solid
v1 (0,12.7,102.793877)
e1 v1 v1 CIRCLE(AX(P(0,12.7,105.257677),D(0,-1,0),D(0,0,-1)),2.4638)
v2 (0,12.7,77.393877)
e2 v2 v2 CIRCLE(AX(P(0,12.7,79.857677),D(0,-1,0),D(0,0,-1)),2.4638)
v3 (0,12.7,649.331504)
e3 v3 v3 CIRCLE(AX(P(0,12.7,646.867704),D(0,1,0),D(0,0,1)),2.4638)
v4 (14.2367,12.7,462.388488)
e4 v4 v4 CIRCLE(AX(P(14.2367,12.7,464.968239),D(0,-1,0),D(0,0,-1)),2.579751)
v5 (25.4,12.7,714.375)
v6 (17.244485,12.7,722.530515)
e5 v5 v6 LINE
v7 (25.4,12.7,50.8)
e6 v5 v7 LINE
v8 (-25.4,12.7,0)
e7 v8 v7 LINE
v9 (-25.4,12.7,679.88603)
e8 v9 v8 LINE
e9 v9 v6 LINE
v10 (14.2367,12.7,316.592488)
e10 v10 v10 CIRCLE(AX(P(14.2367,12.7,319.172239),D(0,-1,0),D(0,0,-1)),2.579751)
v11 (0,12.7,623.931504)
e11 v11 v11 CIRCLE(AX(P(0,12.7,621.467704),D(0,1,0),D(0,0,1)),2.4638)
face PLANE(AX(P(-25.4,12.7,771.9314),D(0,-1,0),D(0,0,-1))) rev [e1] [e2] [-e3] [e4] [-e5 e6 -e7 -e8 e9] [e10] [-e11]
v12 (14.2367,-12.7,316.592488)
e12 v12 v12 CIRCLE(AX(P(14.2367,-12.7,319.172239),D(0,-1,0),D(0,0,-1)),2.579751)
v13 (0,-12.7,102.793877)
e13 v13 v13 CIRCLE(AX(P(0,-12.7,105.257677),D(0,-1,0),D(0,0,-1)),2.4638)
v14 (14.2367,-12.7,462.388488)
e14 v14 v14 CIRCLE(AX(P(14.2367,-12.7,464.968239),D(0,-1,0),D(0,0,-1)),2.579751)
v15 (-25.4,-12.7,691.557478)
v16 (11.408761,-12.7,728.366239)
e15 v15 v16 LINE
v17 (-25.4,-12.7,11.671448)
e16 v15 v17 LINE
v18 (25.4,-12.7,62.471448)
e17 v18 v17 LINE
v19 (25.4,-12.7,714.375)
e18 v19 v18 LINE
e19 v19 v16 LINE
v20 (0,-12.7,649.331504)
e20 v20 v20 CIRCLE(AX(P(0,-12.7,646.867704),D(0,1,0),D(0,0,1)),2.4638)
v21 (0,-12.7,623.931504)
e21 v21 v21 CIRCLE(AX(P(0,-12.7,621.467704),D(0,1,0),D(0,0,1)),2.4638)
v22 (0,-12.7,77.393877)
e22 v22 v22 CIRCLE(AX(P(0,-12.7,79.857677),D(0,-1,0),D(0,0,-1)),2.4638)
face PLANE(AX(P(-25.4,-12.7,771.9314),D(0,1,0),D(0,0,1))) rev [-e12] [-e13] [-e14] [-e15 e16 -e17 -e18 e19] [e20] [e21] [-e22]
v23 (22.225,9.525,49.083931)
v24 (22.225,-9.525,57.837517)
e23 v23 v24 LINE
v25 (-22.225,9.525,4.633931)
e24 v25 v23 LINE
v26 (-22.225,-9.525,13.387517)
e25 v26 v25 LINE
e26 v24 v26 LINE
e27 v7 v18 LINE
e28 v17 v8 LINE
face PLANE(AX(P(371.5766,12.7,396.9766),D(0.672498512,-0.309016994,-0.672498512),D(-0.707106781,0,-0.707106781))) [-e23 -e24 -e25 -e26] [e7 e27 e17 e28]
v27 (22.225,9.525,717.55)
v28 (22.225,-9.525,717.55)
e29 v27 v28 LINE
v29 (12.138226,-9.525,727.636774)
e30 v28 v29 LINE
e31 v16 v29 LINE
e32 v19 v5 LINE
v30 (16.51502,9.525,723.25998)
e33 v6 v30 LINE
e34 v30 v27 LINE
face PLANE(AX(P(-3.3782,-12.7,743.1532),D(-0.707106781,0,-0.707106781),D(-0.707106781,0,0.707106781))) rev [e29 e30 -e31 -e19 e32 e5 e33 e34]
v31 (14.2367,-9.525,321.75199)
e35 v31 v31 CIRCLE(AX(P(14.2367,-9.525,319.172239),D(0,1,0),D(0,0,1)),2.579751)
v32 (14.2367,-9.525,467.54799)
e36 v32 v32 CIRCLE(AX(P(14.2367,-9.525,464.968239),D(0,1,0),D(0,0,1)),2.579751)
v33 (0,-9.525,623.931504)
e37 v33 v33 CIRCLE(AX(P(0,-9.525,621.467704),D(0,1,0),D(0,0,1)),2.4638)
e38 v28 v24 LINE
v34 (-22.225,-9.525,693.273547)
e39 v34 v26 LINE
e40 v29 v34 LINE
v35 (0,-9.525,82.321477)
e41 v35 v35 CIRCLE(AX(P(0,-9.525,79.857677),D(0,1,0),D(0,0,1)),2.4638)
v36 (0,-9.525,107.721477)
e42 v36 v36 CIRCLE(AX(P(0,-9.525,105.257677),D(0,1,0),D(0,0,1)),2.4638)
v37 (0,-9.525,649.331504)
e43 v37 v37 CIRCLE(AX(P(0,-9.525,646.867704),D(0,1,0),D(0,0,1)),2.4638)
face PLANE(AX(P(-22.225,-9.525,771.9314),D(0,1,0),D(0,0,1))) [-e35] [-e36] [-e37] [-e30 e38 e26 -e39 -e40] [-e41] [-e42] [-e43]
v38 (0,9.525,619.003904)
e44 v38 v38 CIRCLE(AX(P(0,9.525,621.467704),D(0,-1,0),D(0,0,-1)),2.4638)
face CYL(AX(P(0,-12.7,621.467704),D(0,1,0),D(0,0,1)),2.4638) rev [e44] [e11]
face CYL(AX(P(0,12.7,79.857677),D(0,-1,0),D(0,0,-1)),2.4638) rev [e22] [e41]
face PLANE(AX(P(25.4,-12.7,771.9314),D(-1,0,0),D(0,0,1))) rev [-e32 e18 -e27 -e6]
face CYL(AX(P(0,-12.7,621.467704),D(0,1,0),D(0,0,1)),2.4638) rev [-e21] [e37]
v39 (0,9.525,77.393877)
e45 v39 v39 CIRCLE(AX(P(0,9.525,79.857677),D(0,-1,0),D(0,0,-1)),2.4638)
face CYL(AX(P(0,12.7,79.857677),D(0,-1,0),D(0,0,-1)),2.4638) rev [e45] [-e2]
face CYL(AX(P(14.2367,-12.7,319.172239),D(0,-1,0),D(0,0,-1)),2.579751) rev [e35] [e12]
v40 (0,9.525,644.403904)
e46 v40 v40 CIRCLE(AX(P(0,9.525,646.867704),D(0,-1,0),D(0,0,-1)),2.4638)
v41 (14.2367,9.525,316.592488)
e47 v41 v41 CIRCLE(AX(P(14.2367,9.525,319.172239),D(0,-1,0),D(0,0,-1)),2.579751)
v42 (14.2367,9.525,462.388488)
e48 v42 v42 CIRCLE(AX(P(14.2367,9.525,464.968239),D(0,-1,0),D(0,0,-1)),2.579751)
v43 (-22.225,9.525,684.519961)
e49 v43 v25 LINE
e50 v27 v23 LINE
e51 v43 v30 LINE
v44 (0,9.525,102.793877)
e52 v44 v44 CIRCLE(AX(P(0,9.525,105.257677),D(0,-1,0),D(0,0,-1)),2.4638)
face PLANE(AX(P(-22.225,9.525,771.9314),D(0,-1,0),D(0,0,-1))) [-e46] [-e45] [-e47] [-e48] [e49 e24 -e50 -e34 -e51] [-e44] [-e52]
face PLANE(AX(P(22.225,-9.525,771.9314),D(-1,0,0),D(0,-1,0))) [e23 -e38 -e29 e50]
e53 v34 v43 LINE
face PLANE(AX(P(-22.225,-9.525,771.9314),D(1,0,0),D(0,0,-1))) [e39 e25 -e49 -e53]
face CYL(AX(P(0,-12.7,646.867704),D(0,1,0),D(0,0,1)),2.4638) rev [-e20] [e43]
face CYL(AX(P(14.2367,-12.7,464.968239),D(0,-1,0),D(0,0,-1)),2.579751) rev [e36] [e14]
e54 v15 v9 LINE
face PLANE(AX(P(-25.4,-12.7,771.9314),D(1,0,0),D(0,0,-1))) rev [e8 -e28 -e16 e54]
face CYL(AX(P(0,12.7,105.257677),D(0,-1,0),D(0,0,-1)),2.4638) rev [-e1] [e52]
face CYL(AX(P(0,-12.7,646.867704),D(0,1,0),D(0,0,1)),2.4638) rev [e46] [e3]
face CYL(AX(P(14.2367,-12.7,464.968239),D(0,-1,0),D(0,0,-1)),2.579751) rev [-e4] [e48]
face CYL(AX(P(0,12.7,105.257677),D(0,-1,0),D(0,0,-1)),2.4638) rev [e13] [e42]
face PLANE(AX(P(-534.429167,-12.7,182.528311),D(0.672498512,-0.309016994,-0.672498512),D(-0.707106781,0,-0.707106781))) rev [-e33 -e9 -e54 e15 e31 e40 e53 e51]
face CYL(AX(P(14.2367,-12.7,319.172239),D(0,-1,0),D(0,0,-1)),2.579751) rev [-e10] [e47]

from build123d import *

# Parameters (mm, degrees)
SKETCH1_W                        = 50.8
SKETCH1_H                        = 25.4
SKETCH1_W_2                      = 44.45
SKETCH1_H_2                      = 19.05
BOSS_EXTRUDE1_DEPTH              = 771.9314
CUT_EXTRUDE1_DEPTH               = 771.9314
CUT_EXTRUDE2_DEPTH               = 773.76672179
CUT_EXTRUDE3_DEPTH               = 757.919388013
CUT_EXTRUDE5_DEPTH               = 771.9314
SKETCH7_R                        = 2.4638
CUT_EXTRUDE6_DEPTH               = 730.251464289
SKETCH8_R                        = 2.4638
CUT_EXTRUDE7_DEPTH               = 730.251464289
F_13_64_0_20313_DIAMETER_HOLE1_D = 5.159502


with BuildPart() as part:
    # Sketch1 → Boss-Extrude1 (new body)
    with BuildSketch(Plane.XY):
        Rectangle(SKETCH1_W, SKETCH1_H)
        Rectangle(SKETCH1_W_2, SKETCH1_H_2, mode=Mode.SUBTRACT)
    extrude(amount=BOSS_EXTRUDE1_DEPTH)

    # Sketch2 → Cut-Extrude1 (cut)
    with BuildSketch(Plane(origin=(0, 12.7, 0), x_dir=(1, 0, 0), z_dir=(0, 1, 0))):
        Polygon((-25.4, 0), (25.4, -50.8), (25.4, 0), align=None)
        Polygon((25.4, -771.9314), (-25.4, -721.1314), (-25.4, -771.9314), align=None)
    extrude(amount=-CUT_EXTRUDE1_DEPTH, mode=Mode.SUBTRACT)

    # Sketch3 → Cut-Extrude2 (cut, through all)
    with BuildSketch(Plane(origin=(0, 12.7, 0), x_dir=(1, 0, 0), z_dir=(0, 1, 0))):
        Polygon((-3.3782, -743.1532), (25.4, -714.375), (25.4, -771.9314), (-3.3782, -771.9314), align=None)
    extrude(amount=-CUT_EXTRUDE2_DEPTH, mode=Mode.SUBTRACT)

    # Sketch4 → Cut-Extrude3 (cut, through all)
    with BuildSketch(Plane(origin=(-12.7, 0, -12.7), x_dir=(0, -1, 0), z_dir=(0.7071067811865571, 0, 0.707106781186538))):
        Polygon((-12.7, -17.960512242), (12.7, -26.213472526), (12.7, -17.960512242), align=None)
    extrude(amount=CUT_EXTRUDE3_DEPTH, mode=Mode.SUBTRACT)

    # Sketch6 → Cut-Extrude5 (cut)
    with BuildSketch(Plane(origin=(369.8875, 0, 369.8875), x_dir=(0.7071067811865437, 0, -0.7071067811865513), z_dir=(0.7071067811865513, 0, 0.7071067811865437))):
        Polygon((-506.965494568, -12.7), (-498.712534284, 12.7), (-506.965494568, 12.7), (-527.877415309, 12.7), (-527.877415309, -12.7), align=None)
    extrude(amount=-CUT_EXTRUDE5_DEPTH, mode=Mode.SUBTRACT)

    # Sketch7 → Cut-Extrude6 (cut, through all)
    with BuildSketch(Plane.XZ.offset(12.7)):
        with Locations(Location((0, 105.257676555, 0), (0, 0, 270))):
            Circle(SKETCH7_R)
        with Locations(Location((0, 79.857676555, 0), (0, 0, 270))):
            Circle(SKETCH7_R)
    extrude(amount=-CUT_EXTRUDE6_DEPTH, mode=Mode.SUBTRACT)

    # Sketch8 → Cut-Extrude7 (cut, through all)
    with BuildSketch(Plane(origin=(0, 12.7, 0), x_dir=(1, 0, 0), z_dir=(0, 1, 0))):
        with Locations(Location((0, -646.867704494, 0), (0, 0, 270))):
            Circle(SKETCH8_R)
        with Locations(Location((0, -621.467704494, 0), (0, 0, 270))):
            Circle(SKETCH8_R)
    extrude(amount=-CUT_EXTRUDE7_DEPTH, mode=Mode.SUBTRACT)

    # 13/64 (0.20313) Diameter Hole1 (through all)
    with Locations(Plane(origin=(0, -12.7, 0), x_dir=(-1, 0, 0), z_dir=(0, -1, 0))):
        with Locations((-14.2367, -319.172239037), (-14.2367, -464.968239037)):
            Hole(F_13_64_0_20313_DIAMETER_HOLE1_D / 2)


solid = part.part
